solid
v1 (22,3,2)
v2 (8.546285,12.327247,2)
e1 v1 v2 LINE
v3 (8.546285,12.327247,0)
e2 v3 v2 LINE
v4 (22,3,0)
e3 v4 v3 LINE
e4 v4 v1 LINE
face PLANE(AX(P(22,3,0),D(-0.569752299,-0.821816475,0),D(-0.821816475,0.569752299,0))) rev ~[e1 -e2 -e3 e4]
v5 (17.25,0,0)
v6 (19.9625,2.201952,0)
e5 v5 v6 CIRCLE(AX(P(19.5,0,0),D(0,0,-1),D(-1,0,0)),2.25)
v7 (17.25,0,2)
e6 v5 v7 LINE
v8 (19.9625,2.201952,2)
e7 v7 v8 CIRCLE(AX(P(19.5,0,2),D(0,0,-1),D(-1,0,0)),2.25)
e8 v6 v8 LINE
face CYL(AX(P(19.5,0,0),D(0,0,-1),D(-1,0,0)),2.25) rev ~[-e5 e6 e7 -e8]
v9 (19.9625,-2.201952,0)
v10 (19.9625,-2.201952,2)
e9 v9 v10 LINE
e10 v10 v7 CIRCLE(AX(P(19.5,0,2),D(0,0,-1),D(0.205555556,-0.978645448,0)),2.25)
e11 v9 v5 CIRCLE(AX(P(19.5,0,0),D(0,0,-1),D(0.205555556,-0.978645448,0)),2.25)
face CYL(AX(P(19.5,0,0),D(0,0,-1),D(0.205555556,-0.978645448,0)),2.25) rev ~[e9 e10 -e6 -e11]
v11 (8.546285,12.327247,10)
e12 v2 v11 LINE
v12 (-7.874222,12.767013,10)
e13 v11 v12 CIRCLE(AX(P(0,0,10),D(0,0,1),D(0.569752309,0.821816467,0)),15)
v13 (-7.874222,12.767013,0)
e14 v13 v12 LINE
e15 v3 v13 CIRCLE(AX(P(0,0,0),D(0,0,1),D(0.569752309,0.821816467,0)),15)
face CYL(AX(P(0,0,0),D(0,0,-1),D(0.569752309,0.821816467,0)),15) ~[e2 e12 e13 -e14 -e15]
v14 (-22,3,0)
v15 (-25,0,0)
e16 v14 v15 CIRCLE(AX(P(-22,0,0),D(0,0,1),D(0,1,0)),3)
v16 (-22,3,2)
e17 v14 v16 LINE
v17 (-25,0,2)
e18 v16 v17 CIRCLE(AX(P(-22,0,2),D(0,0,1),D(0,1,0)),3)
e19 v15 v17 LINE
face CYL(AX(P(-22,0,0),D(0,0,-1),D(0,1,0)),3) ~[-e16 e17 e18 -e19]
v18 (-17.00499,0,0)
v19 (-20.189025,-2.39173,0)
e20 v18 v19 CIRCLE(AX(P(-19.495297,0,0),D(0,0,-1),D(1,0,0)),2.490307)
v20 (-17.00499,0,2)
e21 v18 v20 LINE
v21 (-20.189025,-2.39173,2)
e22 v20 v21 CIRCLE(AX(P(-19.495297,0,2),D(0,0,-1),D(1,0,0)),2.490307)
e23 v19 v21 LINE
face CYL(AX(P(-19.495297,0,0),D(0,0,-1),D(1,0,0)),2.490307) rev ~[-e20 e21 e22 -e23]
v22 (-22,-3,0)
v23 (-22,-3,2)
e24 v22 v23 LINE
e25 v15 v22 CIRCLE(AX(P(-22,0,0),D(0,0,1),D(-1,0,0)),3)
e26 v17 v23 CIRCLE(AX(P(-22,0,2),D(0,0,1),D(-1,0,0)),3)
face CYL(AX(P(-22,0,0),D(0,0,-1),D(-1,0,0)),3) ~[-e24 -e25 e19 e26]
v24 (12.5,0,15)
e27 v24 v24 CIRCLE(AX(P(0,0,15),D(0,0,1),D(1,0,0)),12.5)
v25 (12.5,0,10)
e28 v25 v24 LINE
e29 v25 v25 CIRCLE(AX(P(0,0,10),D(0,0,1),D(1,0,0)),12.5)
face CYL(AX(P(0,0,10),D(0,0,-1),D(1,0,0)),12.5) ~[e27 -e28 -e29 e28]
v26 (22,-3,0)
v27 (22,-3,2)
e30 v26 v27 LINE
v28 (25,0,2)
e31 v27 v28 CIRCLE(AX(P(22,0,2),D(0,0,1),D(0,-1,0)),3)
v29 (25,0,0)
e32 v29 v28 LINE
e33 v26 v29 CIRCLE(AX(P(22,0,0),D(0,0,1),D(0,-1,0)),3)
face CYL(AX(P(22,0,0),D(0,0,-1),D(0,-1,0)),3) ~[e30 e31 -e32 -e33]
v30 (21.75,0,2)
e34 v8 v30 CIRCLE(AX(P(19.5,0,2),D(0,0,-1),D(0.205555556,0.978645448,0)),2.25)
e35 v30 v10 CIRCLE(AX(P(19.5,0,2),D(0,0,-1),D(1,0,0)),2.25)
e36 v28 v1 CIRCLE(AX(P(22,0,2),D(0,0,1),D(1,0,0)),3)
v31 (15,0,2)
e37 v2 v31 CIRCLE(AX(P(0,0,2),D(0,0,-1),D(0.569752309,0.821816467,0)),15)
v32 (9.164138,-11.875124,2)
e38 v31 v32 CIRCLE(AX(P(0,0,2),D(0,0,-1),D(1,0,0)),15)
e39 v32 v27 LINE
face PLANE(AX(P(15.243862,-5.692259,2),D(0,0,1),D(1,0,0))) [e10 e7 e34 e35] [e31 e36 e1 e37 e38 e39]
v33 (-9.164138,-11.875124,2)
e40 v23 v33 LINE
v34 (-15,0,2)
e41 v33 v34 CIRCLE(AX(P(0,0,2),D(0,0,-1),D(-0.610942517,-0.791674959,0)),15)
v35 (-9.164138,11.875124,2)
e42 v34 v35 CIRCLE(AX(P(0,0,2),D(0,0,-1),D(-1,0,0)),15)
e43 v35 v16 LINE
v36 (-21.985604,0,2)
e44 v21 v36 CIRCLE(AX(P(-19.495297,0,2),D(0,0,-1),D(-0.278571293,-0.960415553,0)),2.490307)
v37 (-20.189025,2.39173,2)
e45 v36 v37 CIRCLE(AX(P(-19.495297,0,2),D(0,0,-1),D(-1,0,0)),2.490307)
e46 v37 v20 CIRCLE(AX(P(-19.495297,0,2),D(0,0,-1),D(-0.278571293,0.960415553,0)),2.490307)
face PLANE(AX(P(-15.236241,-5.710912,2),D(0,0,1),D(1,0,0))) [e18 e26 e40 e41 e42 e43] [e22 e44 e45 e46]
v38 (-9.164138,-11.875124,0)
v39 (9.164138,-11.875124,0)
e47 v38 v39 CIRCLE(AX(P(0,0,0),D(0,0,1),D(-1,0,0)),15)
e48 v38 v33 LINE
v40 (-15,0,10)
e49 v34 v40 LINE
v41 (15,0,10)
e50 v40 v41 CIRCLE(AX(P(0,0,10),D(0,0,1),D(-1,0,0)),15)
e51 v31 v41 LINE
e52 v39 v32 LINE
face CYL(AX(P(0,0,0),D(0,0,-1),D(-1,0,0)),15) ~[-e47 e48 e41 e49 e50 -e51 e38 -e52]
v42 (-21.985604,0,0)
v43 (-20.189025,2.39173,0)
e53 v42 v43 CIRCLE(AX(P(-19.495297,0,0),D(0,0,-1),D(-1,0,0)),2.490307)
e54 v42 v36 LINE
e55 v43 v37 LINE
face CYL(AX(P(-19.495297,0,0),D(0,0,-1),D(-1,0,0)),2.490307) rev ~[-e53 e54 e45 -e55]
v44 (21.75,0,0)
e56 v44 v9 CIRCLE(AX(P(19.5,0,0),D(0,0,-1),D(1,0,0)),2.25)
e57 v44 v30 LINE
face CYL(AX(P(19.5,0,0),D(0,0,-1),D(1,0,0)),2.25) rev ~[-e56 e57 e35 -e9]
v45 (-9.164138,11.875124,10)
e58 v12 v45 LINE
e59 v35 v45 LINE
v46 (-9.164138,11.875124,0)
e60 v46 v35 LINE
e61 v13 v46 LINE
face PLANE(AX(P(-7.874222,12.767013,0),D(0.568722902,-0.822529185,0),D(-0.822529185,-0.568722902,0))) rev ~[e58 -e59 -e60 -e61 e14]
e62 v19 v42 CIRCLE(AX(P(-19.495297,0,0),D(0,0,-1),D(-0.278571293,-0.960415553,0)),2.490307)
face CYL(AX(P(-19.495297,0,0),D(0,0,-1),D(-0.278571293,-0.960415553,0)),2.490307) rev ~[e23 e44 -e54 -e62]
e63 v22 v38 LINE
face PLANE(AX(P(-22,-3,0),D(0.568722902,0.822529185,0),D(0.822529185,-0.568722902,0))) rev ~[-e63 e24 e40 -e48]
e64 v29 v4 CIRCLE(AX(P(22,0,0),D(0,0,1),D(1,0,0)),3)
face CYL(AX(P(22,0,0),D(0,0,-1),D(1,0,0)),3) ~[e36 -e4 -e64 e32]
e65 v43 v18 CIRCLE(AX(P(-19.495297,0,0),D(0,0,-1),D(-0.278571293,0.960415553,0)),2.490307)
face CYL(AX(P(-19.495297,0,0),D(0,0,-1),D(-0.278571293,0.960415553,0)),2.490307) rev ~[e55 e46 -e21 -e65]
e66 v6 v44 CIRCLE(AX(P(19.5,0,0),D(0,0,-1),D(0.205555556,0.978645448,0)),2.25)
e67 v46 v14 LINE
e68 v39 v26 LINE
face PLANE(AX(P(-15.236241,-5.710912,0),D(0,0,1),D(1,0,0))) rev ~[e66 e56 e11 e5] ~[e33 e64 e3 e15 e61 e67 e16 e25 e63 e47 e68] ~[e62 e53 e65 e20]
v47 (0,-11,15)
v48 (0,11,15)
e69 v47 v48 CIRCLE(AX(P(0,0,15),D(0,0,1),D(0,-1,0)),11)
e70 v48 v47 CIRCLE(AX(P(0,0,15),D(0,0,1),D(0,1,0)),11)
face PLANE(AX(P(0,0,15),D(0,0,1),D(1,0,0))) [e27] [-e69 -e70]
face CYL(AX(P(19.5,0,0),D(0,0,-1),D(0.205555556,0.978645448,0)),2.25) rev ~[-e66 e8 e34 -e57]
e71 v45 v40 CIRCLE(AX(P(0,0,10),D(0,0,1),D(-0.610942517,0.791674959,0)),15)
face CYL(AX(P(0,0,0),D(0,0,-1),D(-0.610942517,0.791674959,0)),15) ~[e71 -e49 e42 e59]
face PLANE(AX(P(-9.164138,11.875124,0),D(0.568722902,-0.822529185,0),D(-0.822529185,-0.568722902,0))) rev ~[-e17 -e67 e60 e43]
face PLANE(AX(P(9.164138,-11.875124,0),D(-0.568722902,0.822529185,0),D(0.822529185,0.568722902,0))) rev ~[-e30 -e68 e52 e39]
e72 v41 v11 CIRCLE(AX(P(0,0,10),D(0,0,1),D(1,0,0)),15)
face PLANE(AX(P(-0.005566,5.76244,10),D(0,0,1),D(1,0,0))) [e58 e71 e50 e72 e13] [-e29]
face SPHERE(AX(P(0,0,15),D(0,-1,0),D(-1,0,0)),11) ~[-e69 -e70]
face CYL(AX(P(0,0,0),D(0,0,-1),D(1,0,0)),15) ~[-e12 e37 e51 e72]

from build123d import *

# Parameters (mm, degrees)
F2_DEPTH = 10
F3_R     = 12.5
F4_DEPTH = 5
F7_DEPTH = 2


with BuildPart() as f2:
    # F1 (on face) → F2 (new body)
    with BuildSketch(Plane.XY):
        with BuildLine():
            Line((0, 0), (15, 0))
            ThreePointArc((15, 0), (13.2889854694, 6.9572167707), (8.5462846407, 12.3272470098))
            ThreePointArc((8.5462846407, 12.3272470098), (0.4015789928, 14.9946235135), (-7.8742218987, 12.7670133348))
            Line((-7.8742218987, 12.7670133348), (-9.1641377572, 11.8751243853))
            ThreePointArc((-9.1641377572, 11.8751243853), (-13.4622075894, 6.6158118792), (-15, 0))
            Line((-15, 0), (0, 0))
        make_face()
        with BuildLine():
            ThreePointArc((-15, 0), (0, -15), (15, 0))
            Line((15, 0), (0, 0))
            Line((0, 0), (-15, 0))
        make_face()
    extrude(amount=F2_DEPTH)

    # F3 (on face) → F4 (join)
    with BuildSketch(Plane.XY.offset(10)):
        Circle(F3_R)
    extrude(amount=F4_DEPTH)

    # F5 (on face) → F6 (revolve)
    with BuildSketch(Plane.XY.offset(15)):
        with BuildLine():
            Line((0, -11), (0, 11))
            ThreePointArc((0, 11), (-11, 0), (0, -11))
        make_face()
    revolve(axis=Axis((0, 0, 15), (0, 1, 0)))

    # F0 (on Top) → F7 (join)
    with BuildSketch(Plane.XY):
        with BuildLine():
            ThreePointArc((-9.1641377572, -11.8751243853), (-13.4622075894, -6.6158118792), (-15, 0))
            Line((-15, 0), (-17.0049901825, 0))
            ThreePointArc((-17.0049901825, 0), (-17.9996312672, -1.9911334725), (-20.1890252755, -2.3917296142))
            ThreePointArc((-20.1890252755, -2.3917296142), (-21.0448007649, -2.843869621), (-22, -3))
            Line((-22, -3), (-9.1641377572, -11.8751243853))
        make_face()
        with BuildLine():
            Line((17.25, 0), (15, 0))
            ThreePointArc((15, 0), (13.4622075894, -6.6158118792), (9.1641377572, -11.8751243853))
            Line((9.1641377572, -11.8751243853), (22, -3))
            ThreePointArc((22, -3), (20.9058923217, -2.7933722251), (19.9625, -2.2019522588))
            ThreePointArc((19.9625, -2.2019522588), (18.0819247199, -1.7468722048), (17.25, 0))
        make_face()
        with BuildLine():
            ThreePointArc((21.75, 0), (21.2468722048, -1.4180752801), (19.9625, -2.2019522588))
            ThreePointArc((19.9625, -2.2019522588), (20.9058923217, -2.7933722251), (22, -3))
            ThreePointArc((22, -3), (24.1213203436, -2.1213203436), (25, 0))
            Line((25, 0), (22, 0))
            Line((22, 0), (21.75, 0))
        make_face()
        with BuildLine():
            ThreePointArc((8.5462846407, 12.3272470098), (13.2889854694, 6.9572167707), (15, 0))
            Line((15, 0), (17.25, 0))
            ThreePointArc((17.25, 0), (18.0819247199, 1.7468722048), (19.9625, 2.2019522588))
            ThreePointArc((19.9625, 2.2019522588), (20.9058923217, 2.7933722251), (22, 3))
            Line((22, 3), (8.5462846407, 12.3272470098))
        make_face()
        with BuildLine():
            ThreePointArc((22, 3), (20.9058923217, 2.7933722251), (19.9625, 2.2019522588))
            ThreePointArc((19.9625, 2.2019522588), (21.2468722048, 1.4180752801), (21.75, 0))
            Line((21.75, 0), (22, 0))
            Line((22, 0), (25, 0))
            ThreePointArc((25, 0), (24.1213203436, 2.1213203436), (22, 3))
        make_face()
        with BuildLine():
            Line((-17.0049901825, 0), (-15, 0))
            ThreePointArc((-15, 0), (-13.4622075894, 6.6158118792), (-9.1641377572, 11.8751243853))
            Line((-9.1641377572, 11.8751243853), (-22, 3))
            ThreePointArc((-22, 3), (-21.0448007649, 2.843869621), (-20.1890252755, 2.3917296142))
            ThreePointArc((-20.1890252755, 2.3917296142), (-17.9996312672, 1.9911334725), (-17.0049901825, 0))
        make_face()
        with BuildLine():
            ThreePointArc((-21.9856042642, 0), (-21.4864306958, 1.4956659562), (-20.1890252755, 2.3917296142))
            ThreePointArc((-20.1890252755, 2.3917296142), (-21.0448007649, 2.843869621), (-22, 3))
            ThreePointArc((-22, 3), (-24.1213203436, 2.1213203436), (-25, 0))
            Line((-25, 0), (-22, 0))
            Line((-22, 0), (-21.9856042642, 0))
        make_face()
        with BuildLine():
            ThreePointArc((-22, -3), (-21.0448007649, -2.843869621), (-20.1890252755, -2.3917296142))
            ThreePointArc((-20.1890252755, -2.3917296142), (-21.4864306958, -1.4956659562), (-21.9856042642, 0))
            Line((-21.9856042642, 0), (-22, 0))
            Line((-22, 0), (-25, 0))
            ThreePointArc((-25, 0), (-24.1213203436, -2.1213203436), (-22, -3))
        make_face()
    extrude(amount=F7_DEPTH)


solid = f2.part
